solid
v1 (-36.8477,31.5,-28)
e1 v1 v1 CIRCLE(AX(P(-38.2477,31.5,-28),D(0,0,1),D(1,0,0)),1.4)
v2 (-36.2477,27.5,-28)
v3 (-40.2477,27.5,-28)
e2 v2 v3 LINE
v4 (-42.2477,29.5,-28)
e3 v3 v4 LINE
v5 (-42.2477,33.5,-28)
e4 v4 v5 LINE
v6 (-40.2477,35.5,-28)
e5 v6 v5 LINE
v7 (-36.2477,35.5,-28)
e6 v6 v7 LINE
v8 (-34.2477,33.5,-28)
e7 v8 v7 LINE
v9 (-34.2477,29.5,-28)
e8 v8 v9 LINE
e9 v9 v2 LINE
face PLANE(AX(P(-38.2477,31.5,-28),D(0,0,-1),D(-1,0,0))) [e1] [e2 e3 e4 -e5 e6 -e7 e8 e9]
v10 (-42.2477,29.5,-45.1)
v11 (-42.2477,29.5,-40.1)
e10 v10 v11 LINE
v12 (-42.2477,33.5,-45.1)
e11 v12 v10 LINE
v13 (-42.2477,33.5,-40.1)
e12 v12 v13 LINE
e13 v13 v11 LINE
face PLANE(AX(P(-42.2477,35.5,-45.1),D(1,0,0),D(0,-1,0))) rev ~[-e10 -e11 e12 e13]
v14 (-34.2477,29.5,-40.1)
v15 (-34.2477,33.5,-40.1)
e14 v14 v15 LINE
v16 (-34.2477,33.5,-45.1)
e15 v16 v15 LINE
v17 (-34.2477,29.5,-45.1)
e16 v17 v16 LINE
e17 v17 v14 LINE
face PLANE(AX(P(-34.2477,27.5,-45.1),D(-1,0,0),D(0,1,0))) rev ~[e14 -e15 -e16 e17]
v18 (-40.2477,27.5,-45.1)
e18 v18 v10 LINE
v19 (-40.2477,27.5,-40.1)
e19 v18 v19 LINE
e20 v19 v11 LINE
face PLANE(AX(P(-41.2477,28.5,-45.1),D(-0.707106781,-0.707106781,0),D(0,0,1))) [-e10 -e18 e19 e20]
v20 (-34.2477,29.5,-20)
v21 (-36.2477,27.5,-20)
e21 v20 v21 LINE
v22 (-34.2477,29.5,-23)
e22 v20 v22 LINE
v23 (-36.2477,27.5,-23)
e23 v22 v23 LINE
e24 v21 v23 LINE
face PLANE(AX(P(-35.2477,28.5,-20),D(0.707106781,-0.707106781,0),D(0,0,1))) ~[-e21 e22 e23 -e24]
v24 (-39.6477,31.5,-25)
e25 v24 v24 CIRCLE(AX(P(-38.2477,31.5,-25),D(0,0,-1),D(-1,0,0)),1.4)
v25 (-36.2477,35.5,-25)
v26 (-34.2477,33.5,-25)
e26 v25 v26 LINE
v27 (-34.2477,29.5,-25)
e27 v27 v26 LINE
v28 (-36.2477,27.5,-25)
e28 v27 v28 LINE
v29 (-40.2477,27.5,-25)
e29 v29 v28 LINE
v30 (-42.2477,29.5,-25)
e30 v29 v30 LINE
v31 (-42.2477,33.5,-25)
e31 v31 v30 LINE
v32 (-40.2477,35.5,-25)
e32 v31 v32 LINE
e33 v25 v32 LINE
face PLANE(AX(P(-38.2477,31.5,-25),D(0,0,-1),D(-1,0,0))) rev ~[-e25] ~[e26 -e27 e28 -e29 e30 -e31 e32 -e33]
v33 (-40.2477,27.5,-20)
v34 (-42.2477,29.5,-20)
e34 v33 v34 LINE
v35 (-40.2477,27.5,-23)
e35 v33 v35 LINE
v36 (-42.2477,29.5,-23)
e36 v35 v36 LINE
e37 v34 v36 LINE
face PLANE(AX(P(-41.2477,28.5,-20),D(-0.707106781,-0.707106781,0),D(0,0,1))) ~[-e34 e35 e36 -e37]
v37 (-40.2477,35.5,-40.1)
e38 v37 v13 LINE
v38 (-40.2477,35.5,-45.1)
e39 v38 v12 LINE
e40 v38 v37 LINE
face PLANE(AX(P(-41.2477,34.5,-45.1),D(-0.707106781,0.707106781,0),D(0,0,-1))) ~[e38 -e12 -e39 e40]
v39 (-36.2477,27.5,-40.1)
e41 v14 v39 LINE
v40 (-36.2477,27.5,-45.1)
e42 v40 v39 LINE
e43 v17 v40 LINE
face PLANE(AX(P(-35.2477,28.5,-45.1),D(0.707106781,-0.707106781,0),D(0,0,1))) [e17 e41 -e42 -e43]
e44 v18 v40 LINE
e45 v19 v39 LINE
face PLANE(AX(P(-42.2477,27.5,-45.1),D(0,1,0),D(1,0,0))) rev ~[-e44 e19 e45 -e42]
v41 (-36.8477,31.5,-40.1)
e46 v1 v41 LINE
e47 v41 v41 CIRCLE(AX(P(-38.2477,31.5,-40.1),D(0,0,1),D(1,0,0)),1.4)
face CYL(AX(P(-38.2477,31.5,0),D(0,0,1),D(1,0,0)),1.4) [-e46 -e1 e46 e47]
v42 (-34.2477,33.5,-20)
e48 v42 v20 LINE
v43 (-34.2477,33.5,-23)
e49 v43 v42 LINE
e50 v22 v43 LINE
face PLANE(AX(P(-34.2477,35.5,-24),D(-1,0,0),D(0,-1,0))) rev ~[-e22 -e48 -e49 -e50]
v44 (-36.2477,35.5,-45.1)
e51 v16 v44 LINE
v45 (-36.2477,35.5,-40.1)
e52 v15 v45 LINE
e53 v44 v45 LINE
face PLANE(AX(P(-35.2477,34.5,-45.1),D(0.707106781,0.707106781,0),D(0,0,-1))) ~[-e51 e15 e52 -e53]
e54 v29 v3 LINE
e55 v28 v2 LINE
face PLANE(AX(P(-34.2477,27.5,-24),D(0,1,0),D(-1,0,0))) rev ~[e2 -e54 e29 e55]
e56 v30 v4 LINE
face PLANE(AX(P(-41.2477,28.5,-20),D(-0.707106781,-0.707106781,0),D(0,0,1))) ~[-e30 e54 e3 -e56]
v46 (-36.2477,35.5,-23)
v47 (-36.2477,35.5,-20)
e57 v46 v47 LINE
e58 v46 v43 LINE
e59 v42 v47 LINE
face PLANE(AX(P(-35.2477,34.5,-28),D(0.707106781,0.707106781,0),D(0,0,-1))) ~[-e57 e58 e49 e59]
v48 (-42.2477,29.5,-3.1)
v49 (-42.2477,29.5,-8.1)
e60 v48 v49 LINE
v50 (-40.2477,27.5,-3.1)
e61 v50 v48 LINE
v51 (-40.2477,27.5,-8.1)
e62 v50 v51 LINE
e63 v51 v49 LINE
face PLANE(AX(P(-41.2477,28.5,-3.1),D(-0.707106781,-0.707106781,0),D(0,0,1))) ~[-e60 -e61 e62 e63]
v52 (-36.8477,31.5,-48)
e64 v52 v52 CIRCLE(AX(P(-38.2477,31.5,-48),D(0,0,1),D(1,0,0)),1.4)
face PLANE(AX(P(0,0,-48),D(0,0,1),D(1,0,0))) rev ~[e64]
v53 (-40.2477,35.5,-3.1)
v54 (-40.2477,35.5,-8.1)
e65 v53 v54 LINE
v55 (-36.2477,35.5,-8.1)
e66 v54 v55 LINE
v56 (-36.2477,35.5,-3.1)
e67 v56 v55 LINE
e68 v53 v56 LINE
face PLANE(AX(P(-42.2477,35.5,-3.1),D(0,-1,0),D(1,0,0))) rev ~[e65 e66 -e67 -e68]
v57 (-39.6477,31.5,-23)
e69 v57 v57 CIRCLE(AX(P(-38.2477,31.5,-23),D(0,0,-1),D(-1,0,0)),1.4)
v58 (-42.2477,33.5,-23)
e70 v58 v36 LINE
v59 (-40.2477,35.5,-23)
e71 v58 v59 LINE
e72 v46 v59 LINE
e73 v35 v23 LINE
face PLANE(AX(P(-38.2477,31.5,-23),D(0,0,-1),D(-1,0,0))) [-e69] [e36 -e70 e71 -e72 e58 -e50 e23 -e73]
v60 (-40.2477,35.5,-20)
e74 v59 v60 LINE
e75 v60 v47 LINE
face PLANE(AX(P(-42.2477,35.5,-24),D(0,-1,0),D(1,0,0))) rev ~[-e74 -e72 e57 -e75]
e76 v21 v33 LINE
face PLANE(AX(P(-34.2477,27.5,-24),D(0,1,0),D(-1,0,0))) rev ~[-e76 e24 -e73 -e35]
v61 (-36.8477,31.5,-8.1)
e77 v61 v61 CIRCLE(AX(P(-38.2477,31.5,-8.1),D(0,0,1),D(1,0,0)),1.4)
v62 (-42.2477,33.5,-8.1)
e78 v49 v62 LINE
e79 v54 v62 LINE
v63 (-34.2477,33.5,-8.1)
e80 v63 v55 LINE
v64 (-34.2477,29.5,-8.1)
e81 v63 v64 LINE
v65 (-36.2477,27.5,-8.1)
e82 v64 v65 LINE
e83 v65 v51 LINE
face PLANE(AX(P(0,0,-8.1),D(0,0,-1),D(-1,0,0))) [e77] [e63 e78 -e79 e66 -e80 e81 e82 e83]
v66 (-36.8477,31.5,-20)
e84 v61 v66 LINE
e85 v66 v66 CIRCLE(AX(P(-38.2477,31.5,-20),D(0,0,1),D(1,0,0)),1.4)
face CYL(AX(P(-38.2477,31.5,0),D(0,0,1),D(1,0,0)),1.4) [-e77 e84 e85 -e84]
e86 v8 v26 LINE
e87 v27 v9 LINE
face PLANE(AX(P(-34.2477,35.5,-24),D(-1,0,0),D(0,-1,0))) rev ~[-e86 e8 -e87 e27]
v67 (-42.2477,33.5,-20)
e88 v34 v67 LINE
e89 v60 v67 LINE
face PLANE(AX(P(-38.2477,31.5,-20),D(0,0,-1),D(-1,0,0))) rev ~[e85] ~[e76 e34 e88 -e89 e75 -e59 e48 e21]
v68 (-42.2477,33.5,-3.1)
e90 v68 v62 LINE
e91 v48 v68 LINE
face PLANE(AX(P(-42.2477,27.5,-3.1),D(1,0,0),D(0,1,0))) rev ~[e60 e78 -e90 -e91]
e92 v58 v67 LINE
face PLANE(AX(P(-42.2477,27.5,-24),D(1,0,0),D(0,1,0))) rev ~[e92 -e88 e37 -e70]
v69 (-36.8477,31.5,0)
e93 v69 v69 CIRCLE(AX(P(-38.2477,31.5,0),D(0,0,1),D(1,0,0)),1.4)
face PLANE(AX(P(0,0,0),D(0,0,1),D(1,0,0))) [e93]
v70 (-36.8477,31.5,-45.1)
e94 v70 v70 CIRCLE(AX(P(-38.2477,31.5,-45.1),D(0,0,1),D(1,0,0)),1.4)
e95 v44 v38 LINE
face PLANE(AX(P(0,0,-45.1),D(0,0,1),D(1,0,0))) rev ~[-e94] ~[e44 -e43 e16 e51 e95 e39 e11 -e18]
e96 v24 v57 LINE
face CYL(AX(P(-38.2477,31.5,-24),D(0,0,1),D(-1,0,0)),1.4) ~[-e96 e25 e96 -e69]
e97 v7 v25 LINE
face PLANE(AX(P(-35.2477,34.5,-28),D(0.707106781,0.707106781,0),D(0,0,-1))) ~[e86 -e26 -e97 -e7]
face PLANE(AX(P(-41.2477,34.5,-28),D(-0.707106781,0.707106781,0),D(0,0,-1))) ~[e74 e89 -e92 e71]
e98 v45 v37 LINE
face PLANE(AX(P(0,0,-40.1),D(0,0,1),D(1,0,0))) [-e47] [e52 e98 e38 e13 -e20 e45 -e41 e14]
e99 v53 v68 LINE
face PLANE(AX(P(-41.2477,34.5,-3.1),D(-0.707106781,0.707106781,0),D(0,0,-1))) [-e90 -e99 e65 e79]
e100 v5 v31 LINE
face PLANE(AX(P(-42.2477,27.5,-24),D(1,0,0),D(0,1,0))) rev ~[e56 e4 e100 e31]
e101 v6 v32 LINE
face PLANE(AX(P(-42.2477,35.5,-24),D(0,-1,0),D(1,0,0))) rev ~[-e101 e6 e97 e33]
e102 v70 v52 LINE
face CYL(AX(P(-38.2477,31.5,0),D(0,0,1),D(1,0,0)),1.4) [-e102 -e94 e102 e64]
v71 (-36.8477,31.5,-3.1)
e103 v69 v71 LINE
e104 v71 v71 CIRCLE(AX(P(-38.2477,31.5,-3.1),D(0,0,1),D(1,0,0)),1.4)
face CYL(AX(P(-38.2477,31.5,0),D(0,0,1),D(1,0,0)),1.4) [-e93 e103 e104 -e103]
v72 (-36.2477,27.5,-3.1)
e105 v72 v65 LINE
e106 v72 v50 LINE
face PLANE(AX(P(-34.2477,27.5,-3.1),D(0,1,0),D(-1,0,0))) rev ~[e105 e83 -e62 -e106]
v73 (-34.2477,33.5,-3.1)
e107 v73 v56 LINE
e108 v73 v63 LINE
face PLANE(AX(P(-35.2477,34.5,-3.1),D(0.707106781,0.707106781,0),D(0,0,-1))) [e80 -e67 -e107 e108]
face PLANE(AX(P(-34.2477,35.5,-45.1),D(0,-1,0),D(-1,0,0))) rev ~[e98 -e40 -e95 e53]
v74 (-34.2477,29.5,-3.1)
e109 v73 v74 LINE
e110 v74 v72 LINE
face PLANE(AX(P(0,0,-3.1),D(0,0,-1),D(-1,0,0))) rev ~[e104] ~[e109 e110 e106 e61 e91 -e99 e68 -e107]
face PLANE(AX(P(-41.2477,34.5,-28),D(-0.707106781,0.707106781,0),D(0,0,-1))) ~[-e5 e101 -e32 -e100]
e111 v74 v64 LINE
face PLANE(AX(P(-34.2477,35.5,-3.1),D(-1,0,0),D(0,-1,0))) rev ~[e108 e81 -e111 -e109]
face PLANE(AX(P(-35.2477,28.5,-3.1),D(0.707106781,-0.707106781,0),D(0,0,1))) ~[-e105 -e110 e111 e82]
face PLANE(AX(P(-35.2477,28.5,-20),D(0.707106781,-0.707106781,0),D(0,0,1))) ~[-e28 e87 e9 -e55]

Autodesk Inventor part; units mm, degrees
ref_plane "Plano de trabajo1" through (0, 0, 0) normal (0, 0, 1) x (1, 0, 0)
sketch "Boceto1" plane through (0, 0, 0) normal (0, 0, 1) x (1, 0, 0)
  circle A0 centre (-38.2477, 31.5) radius 1.5 construction
  circle A1 centre (-38.2477, 31.5) radius 1.4
  point P0 (0, 0)
  dimension "d2" = 0.1
ref_plane "Plano de trabajo2" through (-44.5, -51.5, -48) normal (0, 0, -1) x (0, 1, 0)
extrude "Extrusión1" add sketch "Boceto1" against normal up to surface (48 mm away)
ref_plane "Plano de trabajo3" through (0, 0, -45.1) normal (0, 0, 1) x (1, 0, 0)
sketch "Boceto2" plane through (0, 0, -45.1) normal (0, 0, 1) x (1, 0, 0)
  circle A0 centre (-38.2477, 31.5) radius 1.4 construction
  line L0 (-34.2477, 35.5) -> (-42.2477, 35.5)
  line L1 (-42.2477, 35.5) -> (-42.2477, 27.5)
  line L2 (-42.2477, 27.5) -> (-34.2477, 27.5)
  line L3 (-34.2477, 27.5) -> (-34.2477, 35.5)
  line L4 (-34.2477, 35.5) -> (-42.2477, 27.5) construction
  line L5 (-42.2477, 35.5) -> (-34.2477, 27.5) construction
  point P0 (0, 0)
  dimension "d3" = 8
  dimension "d4" = 8
extrude "Extrusión2" add sketch "Boceto2" along normal blind 5
chamfer "Chaflán1" distance 2 angle 45 4 edges at (-42.2477, 35.5, -42.6) (-34.2477, 35.5, -42.6) (-34.2477, 27.5, -42.6) (-42.2477, 27.5, -42.6)
ref_plane "Plano de trabajo4" through (0, 0, -3.1) normal (0, 0, -1) x (-1, 0, 0)
sketch "Boceto3" plane through (0, 0, -3.1) normal (0, 0, -1) x (-1, 0, 0)
  circle A0 centre (38.2477, 31.5) radius 1.4 construction
  line L0 (34.2477, 27.5) -> (42.2477, 27.5)
  line L1 (42.2477, 27.5) -> (42.2477, 35.5)
  line L2 (42.2477, 35.5) -> (34.2477, 35.5)
  line L3 (34.2477, 35.5) -> (34.2477, 27.5)
  line L4 (34.2477, 27.5) -> (42.2477, 35.5) construction
  line L5 (42.2477, 27.5) -> (34.2477, 35.5) construction
  point P0 (0, 0)
  dimension "d10" = 8
  dimension "d11" = 8
extrude "Extrusión3" add sketch "Boceto3" along normal blind 5
chamfer "Chaflán2" distance 2 angle 45 4 edges at (-42.2477, 35.5, -5.6) (-34.2477, 35.5, -5.6) (-34.2477, 27.5, -5.6) (-42.2477, 27.5, -5.6)
ref_plane "Plano de trabajo5" through (-38.2477, 31.5, -24) normal (0, 0, -1) x (-1, 0, 0)
sketch "Boceto4" plane through (-38.2477, 31.5, -24) normal (0, 0, -1) x (-1, 0, 0)
  circle A0 centre (0, 0) radius 1.5 construction
  line L0 (-4, -4) -> (4, -4)
  line L1 (4, -4) -> (4, 4)
  line L2 (4, 4) -> (-4, 4)
  line L3 (-4, 4) -> (-4, -4)
  line L4 (-4, -4) -> (4, 4) construction
  line L5 (4, -4) -> (-4, 4) construction
  point P0 (-38.2477, -31.5)
  dimension "d17" = 8
  dimension "d18" = 8
extrude "Extrusión4" add sketch "Boceto4" along normal mid plane 8
chamfer "Chaflán3" distance 2 angle 45 4 edges at (-42.2477, 35.5, -24) (-42.2477, 27.5, -24) (-34.2477, 35.5, -24) (-34.2477, 27.5, -24)
sketch "Boceto5" plane through (-38.2477, 31.5, -24) normal (0, 0, -1) x (-1, 0, 0)
  circle A0 centre (0, 0) radius 1.4 construction
  line L0 (-4, 4) -> (4, 4)
  line L1 (4, 4) -> (4, -4)
  line L2 (4, -4) -> (-4, -4)
  line L3 (-4, -4) -> (-4, 4)
  line L4 (-4, 4) -> (4, -4) construction
  line L5 (4, 4) -> (-4, -4) construction
  circle A1 centre (0, 0) radius 1.4
  point P0 (-38.2477, -31.5)
  dimension "d24" = 8
  dimension "d25" = 8
extrude "Extrusión5" cut sketch "Boceto5" along normal mid plane 2
properties part number "EjeFrontalGrúa"
